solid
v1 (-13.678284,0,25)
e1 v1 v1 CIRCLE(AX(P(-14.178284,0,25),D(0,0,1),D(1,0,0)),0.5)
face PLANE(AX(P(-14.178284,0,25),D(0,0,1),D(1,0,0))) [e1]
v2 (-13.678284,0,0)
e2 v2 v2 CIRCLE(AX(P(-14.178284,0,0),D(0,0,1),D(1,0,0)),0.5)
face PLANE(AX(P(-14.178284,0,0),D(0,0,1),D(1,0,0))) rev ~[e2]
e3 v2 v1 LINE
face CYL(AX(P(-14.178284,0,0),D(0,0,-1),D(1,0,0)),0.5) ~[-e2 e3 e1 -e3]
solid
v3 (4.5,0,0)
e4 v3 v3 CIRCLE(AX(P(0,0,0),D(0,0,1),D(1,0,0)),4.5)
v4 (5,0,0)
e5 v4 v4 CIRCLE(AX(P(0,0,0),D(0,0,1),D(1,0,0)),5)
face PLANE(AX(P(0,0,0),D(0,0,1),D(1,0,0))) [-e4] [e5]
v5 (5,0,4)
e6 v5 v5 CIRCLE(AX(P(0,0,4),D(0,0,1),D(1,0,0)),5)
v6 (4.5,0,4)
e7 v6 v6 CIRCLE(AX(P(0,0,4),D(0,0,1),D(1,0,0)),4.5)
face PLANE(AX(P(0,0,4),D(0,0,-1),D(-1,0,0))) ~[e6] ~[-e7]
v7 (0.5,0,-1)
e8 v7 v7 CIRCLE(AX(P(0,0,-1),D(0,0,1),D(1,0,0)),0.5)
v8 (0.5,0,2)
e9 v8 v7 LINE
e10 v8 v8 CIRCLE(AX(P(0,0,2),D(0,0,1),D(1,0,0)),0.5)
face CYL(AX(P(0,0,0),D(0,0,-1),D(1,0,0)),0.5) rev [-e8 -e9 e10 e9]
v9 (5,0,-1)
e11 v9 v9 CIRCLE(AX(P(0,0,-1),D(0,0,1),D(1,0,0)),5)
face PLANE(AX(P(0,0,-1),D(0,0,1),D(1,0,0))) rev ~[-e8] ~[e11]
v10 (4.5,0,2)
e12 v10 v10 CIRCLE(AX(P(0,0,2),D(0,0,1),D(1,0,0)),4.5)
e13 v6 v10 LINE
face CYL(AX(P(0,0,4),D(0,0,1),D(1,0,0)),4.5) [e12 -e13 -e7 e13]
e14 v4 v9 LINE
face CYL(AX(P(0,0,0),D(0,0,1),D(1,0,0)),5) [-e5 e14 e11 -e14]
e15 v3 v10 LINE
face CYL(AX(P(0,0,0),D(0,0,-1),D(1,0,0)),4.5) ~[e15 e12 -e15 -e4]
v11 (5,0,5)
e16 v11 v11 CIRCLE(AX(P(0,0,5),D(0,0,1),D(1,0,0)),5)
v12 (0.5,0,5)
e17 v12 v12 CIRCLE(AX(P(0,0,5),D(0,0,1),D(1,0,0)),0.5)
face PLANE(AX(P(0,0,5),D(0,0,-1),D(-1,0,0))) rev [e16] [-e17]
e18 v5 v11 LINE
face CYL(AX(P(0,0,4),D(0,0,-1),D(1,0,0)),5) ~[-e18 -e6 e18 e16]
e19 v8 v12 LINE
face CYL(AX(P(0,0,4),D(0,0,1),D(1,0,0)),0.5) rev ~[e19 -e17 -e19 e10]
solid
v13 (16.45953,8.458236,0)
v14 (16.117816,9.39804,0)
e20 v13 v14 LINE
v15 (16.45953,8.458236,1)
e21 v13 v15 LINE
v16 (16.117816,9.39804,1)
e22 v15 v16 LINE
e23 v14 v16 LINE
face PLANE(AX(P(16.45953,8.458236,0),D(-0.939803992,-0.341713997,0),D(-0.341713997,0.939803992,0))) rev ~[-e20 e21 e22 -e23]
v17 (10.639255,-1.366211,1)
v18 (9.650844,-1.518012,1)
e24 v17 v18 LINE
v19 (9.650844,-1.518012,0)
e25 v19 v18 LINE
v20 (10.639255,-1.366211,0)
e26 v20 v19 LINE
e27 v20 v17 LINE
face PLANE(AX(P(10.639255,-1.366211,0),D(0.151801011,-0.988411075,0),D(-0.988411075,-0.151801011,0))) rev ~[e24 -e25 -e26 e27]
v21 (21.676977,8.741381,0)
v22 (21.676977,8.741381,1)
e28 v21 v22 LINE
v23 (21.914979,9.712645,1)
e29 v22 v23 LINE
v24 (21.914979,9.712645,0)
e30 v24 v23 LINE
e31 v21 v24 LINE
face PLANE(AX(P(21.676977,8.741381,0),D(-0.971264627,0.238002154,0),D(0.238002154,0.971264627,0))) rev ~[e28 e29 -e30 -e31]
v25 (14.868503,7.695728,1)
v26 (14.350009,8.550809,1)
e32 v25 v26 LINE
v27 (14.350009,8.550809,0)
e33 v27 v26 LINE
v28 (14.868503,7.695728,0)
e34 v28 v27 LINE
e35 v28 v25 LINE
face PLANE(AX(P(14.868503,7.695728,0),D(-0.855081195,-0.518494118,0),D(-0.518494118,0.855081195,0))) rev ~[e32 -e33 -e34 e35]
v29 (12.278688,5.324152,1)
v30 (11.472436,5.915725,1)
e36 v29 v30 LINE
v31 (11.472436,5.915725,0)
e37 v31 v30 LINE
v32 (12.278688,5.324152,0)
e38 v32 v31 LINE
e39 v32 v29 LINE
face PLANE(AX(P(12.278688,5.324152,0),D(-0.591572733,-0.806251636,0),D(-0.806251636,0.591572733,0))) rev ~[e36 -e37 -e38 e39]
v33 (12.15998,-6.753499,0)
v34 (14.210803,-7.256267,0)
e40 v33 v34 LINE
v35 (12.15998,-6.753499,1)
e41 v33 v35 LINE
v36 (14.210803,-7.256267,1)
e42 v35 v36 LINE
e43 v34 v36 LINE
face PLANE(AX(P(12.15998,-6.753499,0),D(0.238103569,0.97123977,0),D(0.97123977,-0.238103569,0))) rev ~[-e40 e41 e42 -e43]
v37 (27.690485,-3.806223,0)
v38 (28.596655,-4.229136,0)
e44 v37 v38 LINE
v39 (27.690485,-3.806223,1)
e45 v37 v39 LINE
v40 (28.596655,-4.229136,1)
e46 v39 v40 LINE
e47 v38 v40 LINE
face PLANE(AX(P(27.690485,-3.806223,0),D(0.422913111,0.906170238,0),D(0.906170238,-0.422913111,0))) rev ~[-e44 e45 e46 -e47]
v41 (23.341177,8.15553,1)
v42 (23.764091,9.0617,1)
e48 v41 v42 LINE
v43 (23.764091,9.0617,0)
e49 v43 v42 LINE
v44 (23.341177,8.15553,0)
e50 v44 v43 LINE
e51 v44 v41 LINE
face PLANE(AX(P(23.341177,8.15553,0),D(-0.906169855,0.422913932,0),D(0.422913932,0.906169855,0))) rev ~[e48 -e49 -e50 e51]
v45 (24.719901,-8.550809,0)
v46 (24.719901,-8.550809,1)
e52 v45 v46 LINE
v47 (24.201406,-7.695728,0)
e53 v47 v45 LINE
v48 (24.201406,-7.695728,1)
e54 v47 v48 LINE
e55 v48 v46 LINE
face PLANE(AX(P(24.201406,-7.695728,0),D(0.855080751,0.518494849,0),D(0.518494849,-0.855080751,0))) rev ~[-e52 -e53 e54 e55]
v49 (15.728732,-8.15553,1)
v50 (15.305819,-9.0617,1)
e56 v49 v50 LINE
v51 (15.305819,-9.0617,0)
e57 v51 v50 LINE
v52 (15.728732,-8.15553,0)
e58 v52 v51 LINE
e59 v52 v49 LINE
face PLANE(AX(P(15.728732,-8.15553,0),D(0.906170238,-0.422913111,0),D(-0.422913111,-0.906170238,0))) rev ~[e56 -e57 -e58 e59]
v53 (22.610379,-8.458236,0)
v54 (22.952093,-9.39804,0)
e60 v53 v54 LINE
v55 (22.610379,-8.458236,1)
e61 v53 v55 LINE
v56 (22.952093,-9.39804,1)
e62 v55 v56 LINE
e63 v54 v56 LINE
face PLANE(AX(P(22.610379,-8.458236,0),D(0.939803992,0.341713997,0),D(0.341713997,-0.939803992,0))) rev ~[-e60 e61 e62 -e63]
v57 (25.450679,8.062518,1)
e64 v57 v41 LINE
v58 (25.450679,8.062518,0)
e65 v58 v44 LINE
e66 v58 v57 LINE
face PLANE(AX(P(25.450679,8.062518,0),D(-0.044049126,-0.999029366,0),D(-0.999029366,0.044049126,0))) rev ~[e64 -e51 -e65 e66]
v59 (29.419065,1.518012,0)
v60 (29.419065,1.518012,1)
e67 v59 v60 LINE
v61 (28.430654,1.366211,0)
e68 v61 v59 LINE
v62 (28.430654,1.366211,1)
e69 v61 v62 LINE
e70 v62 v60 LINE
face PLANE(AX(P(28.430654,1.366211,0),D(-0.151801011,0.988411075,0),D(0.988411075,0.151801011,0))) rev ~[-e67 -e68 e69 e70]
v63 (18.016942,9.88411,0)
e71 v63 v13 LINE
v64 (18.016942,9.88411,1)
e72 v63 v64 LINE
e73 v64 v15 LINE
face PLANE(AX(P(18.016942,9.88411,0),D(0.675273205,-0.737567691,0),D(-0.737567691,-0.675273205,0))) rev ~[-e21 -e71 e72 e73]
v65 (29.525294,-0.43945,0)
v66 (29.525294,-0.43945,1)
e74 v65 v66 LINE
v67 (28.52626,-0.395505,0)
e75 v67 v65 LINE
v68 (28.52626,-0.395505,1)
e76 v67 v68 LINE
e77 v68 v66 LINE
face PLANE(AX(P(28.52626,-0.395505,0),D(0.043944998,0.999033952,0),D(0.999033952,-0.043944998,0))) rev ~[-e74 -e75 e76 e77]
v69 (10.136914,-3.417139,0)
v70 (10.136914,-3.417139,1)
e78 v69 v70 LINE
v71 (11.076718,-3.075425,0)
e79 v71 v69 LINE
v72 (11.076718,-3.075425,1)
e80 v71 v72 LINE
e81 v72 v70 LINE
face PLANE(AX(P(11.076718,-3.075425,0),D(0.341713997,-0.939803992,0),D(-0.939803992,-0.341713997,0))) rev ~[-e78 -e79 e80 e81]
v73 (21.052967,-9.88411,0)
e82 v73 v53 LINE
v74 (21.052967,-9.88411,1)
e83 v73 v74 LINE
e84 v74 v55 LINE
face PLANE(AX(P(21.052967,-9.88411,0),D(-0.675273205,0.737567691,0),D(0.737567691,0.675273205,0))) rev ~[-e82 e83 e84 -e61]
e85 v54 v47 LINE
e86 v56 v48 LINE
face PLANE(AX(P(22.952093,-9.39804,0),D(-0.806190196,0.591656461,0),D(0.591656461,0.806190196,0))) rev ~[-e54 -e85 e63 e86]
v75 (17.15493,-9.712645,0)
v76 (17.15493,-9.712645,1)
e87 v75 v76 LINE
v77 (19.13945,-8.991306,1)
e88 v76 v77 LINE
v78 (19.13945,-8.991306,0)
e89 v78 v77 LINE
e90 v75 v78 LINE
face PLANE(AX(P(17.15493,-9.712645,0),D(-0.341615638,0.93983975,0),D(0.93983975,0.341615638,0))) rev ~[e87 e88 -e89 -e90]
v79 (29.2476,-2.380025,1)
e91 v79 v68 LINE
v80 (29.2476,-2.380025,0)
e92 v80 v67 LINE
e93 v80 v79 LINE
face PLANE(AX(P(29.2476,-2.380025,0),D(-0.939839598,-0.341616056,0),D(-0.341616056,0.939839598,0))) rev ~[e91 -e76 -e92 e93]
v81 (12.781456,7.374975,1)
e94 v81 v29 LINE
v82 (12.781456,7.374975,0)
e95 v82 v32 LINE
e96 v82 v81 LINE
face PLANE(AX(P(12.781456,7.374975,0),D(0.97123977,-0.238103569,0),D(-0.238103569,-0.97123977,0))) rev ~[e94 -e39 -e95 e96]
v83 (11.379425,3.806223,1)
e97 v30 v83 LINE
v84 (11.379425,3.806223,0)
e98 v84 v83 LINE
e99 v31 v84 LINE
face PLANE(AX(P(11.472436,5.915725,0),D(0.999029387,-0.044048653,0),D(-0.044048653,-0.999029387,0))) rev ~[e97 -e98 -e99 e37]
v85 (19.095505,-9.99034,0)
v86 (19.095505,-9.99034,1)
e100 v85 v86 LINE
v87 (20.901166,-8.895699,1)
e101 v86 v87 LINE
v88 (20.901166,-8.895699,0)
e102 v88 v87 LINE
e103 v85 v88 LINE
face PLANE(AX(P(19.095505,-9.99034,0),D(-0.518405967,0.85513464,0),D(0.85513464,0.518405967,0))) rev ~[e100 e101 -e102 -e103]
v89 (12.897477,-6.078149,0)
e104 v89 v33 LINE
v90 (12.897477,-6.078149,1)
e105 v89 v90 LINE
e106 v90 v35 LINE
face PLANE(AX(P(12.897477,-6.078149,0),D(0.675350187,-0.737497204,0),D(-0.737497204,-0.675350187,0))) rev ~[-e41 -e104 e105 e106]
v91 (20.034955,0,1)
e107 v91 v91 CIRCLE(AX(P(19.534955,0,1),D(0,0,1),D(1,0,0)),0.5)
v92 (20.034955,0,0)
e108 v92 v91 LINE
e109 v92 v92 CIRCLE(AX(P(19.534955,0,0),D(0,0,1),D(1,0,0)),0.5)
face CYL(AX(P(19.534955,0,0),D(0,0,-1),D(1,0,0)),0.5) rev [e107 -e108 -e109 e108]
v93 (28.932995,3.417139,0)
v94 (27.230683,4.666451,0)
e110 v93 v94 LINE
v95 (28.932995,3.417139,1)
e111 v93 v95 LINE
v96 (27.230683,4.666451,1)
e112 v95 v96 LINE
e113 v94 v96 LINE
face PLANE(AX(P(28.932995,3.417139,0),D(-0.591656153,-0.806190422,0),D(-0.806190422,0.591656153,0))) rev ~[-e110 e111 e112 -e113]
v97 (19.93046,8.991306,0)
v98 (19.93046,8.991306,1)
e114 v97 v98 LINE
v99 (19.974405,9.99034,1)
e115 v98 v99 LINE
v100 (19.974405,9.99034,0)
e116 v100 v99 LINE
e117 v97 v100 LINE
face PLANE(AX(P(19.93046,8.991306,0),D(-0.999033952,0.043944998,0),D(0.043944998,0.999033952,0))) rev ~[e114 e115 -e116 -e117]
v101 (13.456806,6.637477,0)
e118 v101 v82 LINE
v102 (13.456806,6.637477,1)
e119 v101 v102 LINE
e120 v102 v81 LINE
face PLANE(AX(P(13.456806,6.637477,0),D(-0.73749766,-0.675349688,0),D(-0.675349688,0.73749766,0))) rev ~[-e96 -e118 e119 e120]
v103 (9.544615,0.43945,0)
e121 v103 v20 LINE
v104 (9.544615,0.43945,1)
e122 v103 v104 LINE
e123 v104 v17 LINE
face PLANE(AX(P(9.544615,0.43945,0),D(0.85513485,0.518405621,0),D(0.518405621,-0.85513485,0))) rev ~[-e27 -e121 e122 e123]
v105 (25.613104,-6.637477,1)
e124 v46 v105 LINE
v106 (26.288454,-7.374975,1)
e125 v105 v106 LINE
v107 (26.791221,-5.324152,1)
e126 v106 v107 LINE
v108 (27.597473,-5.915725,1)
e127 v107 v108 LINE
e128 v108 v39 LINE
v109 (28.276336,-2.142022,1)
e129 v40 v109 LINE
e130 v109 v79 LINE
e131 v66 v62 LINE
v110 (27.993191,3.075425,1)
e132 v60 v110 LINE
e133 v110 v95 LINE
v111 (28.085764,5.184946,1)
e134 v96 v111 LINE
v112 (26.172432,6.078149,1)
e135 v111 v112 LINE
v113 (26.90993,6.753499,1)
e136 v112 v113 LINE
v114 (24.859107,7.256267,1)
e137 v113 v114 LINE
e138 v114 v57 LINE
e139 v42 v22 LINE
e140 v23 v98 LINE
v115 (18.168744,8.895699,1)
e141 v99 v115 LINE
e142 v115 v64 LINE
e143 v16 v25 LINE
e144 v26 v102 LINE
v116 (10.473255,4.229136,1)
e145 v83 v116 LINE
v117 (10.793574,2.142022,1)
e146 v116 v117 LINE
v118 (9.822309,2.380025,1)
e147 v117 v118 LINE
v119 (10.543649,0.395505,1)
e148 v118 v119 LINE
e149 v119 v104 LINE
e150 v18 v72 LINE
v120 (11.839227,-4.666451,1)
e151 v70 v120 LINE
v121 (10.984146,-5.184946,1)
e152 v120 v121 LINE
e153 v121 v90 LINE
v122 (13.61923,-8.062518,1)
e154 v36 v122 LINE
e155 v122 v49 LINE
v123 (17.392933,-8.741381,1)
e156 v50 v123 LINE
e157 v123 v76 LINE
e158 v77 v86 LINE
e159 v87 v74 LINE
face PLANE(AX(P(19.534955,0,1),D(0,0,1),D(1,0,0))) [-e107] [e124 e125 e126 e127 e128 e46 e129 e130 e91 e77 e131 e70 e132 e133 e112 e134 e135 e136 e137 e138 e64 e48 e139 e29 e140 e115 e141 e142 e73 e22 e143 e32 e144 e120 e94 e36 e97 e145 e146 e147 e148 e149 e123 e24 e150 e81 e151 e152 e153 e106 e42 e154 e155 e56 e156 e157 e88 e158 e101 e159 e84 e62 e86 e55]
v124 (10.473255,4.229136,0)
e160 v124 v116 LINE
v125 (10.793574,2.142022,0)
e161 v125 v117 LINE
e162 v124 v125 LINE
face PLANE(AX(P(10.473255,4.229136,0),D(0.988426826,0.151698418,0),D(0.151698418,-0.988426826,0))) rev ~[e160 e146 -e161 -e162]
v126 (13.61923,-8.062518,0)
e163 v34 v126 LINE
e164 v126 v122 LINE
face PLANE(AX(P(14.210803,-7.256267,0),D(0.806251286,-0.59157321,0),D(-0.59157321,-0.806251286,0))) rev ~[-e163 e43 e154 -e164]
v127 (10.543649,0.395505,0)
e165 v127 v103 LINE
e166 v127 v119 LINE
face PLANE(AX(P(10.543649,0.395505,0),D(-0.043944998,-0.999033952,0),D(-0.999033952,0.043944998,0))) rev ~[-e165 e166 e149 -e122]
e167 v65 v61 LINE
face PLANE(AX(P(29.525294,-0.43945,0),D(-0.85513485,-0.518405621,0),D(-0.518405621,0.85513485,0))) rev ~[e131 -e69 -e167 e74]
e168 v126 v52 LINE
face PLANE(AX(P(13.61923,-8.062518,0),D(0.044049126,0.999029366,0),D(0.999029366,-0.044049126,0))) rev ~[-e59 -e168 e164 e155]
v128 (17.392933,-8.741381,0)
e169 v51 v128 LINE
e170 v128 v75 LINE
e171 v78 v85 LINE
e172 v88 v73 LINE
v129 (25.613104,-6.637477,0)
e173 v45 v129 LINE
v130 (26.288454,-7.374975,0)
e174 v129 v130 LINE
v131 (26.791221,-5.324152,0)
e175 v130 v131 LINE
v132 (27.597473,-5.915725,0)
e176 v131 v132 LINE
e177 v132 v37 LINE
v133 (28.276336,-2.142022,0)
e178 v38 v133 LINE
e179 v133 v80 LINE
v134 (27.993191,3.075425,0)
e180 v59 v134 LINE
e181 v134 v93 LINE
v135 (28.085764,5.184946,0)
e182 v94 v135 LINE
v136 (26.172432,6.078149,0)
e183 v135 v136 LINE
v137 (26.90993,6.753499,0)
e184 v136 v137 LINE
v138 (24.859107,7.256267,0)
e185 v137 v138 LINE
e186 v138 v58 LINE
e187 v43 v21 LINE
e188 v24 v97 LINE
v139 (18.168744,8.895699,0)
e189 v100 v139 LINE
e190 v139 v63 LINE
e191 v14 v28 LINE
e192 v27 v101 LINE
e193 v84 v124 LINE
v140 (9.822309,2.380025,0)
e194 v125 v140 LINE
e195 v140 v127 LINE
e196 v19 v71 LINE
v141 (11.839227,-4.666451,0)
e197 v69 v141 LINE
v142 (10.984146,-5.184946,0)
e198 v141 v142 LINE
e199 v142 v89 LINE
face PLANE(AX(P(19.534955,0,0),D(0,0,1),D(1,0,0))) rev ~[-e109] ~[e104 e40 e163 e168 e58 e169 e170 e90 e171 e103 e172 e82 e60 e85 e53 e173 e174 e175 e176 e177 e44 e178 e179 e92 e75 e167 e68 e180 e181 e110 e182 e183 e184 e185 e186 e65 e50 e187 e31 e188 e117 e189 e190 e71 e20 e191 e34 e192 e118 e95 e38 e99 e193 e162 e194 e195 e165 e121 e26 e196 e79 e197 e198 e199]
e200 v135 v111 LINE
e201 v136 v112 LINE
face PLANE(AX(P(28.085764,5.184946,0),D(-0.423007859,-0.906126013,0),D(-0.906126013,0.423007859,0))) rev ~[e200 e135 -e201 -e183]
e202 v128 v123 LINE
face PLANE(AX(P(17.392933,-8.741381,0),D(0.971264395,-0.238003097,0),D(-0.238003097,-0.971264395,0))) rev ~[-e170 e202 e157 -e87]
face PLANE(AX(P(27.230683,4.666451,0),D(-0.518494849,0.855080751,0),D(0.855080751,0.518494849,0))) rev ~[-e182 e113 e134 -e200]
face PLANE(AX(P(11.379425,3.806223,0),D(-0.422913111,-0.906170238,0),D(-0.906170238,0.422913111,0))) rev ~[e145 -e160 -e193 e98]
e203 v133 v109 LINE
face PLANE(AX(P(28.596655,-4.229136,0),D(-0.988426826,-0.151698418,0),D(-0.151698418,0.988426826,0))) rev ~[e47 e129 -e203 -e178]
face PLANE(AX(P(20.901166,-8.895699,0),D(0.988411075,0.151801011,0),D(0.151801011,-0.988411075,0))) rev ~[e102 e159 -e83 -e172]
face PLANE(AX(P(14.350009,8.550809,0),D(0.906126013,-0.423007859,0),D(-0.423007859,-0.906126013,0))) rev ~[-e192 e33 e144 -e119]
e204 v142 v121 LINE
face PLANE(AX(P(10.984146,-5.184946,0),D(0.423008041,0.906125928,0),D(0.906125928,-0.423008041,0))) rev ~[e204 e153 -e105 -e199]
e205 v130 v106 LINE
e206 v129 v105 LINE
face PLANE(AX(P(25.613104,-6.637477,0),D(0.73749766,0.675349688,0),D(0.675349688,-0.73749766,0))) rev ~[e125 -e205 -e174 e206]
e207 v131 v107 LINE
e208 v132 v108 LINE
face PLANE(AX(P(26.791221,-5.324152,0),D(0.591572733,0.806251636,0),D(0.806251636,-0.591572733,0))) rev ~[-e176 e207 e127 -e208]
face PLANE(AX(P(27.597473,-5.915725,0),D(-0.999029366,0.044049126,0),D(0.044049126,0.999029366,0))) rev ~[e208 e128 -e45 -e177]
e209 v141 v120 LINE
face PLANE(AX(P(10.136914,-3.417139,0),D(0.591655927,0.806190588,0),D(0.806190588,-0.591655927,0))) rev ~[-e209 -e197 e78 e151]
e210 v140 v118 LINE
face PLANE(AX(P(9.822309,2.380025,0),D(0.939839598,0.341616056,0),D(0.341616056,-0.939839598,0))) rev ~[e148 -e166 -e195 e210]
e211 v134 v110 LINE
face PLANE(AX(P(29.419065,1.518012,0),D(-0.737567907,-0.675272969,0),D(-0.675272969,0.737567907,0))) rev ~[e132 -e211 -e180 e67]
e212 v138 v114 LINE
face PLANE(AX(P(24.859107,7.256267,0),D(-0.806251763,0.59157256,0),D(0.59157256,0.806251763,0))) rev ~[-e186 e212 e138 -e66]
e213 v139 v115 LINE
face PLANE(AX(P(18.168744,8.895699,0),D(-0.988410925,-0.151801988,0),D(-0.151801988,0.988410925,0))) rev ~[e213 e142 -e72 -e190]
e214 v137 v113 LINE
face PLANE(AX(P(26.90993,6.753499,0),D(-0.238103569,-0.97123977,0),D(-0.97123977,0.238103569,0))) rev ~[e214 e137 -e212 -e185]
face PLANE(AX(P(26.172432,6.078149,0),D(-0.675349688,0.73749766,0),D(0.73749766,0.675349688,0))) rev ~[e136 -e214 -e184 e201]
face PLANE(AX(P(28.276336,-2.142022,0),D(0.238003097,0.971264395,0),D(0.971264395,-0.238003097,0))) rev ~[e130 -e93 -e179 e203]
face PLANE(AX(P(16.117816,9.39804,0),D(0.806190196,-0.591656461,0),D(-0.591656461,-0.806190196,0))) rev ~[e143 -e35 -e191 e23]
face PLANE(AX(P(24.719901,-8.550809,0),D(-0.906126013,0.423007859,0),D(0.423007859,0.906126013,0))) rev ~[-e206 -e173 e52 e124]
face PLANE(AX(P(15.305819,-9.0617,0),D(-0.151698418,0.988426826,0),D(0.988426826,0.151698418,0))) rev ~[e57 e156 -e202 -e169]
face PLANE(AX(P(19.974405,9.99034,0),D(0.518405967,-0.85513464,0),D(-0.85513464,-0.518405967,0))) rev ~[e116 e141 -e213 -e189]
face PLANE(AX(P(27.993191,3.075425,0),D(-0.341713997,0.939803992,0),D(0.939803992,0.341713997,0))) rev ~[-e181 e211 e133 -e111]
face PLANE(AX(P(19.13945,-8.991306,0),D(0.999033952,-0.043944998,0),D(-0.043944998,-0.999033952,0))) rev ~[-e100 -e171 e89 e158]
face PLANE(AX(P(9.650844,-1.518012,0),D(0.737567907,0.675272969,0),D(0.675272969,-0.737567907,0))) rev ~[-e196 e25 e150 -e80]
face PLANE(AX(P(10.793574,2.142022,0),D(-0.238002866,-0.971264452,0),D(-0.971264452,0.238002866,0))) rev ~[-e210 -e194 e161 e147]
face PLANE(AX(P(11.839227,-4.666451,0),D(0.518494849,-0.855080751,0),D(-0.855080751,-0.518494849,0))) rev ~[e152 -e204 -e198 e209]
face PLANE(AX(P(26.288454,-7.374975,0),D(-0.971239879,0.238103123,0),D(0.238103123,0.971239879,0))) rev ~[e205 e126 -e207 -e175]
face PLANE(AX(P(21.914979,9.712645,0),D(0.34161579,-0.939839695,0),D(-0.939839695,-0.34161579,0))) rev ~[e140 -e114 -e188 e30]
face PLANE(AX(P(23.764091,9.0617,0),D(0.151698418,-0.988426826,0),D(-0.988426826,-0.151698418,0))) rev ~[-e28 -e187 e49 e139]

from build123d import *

# Parameters (mm, degrees)
F0_R     = 5
F0_R_2   = 4.5
F0_R_3   = 0.5
F1_DEPTH = 1
F2_DEPTH = 2
F4_R     = 0.5
F5_DEPTH = 1
F6_DEPTH = 25


with BuildPart() as f1:
    # F0 (on Top) → F1 (new body)
    with BuildSketch(Plane.XY):
        Circle(F0_R)
        Circle(F0_R_2, mode=Mode.SUBTRACT)
        Circle(F0_R_2)
        Circle(F0_R_3, mode=Mode.SUBTRACT)
    extrude(amount=-F1_DEPTH)

    # F0 (on Top) → F2 (join)
    with BuildSketch(Plane.XY):
        Circle(F0_R_2)
        Circle(F0_R_3, mode=Mode.SUBTRACT)
    extrude(amount=F2_DEPTH)

    # F3: F1 across face


with BuildPart() as f1_1:
    add(f1.part)
    add(f1.part.mirror(Plane.XY.offset(2)))


with BuildPart() as f5:
    # F4 (on Top) → F5 (new body)
    with BuildSketch(Plane.XY):
        Polygon((23.764091, 9.0617), (21.676977, 8.741381), (21.914979, 9.712645), (19.93046, 8.991306), (19.974405, 9.99034), (18.168744, 8.895699), (18.016942, 9.88411), (16.45953, 8.458236), (16.117816, 9.39804), (14.868503, 7.695728), (14.350009, 8.550809), (13.456806, 6.637477), (12.781456, 7.374975), (12.278688, 5.324152), (11.472436, 5.915725), (11.379425, 3.806223), (10.473255, 4.229136), (10.793574, 2.142022), (9.822309, 2.380025), (10.543649, 0.395505), (9.544615, 0.43945), (10.639255, -1.366211), (9.650844, -1.518012), (11.076718, -3.075425), (10.136914, -3.417139), (11.839227, -4.666451), (10.984146, -5.184946), (12.897477, -6.078149), (12.15998, -6.753499), (14.210803, -7.256267), (13.61923, -8.062518), (15.728732, -8.15553), (15.305819, -9.0617), (17.392933, -8.741381), (17.15493, -9.712645), (19.13945, -8.991306), (19.095505, -9.99034), (20.901166, -8.895699), (21.052967, -9.88411), (22.610379, -8.458236), (22.952093, -9.39804), (24.201406, -7.695728), (24.719901, -8.550809), (25.613104, -6.637477), (26.288454, -7.374975), (26.791221, -5.324152), (27.597473, -5.915725), (27.690485, -3.806223), (28.596655, -4.229136), (28.276336, -2.142022), (29.2476, -2.380025), (28.52626, -0.395505), (29.525294, -0.43945), (28.430654, 1.366211), (29.419065, 1.518012), (27.993191, 3.075425), (28.932995, 3.417139), (27.230683, 4.666451), (28.085764, 5.184946), (26.172432, 6.078149), (26.90993, 6.753499), (24.859107, 7.256267), (25.450679, 8.062518), (23.341177, 8.15553), align=None)
        with Locations((19.534955, 0)):
            Circle(F4_R, mode=Mode.SUBTRACT)
    extrude(amount=F5_DEPTH)


with BuildPart() as f6:
    # F4 (on Top) → F6 (new body)
    with BuildSketch(Plane.XY):
        with Locations((-14.178284, 0)):
            Circle(F4_R)
    extrude(amount=F6_DEPTH)


solid = Compound([f1_1.part, f5.part, f6.part])
